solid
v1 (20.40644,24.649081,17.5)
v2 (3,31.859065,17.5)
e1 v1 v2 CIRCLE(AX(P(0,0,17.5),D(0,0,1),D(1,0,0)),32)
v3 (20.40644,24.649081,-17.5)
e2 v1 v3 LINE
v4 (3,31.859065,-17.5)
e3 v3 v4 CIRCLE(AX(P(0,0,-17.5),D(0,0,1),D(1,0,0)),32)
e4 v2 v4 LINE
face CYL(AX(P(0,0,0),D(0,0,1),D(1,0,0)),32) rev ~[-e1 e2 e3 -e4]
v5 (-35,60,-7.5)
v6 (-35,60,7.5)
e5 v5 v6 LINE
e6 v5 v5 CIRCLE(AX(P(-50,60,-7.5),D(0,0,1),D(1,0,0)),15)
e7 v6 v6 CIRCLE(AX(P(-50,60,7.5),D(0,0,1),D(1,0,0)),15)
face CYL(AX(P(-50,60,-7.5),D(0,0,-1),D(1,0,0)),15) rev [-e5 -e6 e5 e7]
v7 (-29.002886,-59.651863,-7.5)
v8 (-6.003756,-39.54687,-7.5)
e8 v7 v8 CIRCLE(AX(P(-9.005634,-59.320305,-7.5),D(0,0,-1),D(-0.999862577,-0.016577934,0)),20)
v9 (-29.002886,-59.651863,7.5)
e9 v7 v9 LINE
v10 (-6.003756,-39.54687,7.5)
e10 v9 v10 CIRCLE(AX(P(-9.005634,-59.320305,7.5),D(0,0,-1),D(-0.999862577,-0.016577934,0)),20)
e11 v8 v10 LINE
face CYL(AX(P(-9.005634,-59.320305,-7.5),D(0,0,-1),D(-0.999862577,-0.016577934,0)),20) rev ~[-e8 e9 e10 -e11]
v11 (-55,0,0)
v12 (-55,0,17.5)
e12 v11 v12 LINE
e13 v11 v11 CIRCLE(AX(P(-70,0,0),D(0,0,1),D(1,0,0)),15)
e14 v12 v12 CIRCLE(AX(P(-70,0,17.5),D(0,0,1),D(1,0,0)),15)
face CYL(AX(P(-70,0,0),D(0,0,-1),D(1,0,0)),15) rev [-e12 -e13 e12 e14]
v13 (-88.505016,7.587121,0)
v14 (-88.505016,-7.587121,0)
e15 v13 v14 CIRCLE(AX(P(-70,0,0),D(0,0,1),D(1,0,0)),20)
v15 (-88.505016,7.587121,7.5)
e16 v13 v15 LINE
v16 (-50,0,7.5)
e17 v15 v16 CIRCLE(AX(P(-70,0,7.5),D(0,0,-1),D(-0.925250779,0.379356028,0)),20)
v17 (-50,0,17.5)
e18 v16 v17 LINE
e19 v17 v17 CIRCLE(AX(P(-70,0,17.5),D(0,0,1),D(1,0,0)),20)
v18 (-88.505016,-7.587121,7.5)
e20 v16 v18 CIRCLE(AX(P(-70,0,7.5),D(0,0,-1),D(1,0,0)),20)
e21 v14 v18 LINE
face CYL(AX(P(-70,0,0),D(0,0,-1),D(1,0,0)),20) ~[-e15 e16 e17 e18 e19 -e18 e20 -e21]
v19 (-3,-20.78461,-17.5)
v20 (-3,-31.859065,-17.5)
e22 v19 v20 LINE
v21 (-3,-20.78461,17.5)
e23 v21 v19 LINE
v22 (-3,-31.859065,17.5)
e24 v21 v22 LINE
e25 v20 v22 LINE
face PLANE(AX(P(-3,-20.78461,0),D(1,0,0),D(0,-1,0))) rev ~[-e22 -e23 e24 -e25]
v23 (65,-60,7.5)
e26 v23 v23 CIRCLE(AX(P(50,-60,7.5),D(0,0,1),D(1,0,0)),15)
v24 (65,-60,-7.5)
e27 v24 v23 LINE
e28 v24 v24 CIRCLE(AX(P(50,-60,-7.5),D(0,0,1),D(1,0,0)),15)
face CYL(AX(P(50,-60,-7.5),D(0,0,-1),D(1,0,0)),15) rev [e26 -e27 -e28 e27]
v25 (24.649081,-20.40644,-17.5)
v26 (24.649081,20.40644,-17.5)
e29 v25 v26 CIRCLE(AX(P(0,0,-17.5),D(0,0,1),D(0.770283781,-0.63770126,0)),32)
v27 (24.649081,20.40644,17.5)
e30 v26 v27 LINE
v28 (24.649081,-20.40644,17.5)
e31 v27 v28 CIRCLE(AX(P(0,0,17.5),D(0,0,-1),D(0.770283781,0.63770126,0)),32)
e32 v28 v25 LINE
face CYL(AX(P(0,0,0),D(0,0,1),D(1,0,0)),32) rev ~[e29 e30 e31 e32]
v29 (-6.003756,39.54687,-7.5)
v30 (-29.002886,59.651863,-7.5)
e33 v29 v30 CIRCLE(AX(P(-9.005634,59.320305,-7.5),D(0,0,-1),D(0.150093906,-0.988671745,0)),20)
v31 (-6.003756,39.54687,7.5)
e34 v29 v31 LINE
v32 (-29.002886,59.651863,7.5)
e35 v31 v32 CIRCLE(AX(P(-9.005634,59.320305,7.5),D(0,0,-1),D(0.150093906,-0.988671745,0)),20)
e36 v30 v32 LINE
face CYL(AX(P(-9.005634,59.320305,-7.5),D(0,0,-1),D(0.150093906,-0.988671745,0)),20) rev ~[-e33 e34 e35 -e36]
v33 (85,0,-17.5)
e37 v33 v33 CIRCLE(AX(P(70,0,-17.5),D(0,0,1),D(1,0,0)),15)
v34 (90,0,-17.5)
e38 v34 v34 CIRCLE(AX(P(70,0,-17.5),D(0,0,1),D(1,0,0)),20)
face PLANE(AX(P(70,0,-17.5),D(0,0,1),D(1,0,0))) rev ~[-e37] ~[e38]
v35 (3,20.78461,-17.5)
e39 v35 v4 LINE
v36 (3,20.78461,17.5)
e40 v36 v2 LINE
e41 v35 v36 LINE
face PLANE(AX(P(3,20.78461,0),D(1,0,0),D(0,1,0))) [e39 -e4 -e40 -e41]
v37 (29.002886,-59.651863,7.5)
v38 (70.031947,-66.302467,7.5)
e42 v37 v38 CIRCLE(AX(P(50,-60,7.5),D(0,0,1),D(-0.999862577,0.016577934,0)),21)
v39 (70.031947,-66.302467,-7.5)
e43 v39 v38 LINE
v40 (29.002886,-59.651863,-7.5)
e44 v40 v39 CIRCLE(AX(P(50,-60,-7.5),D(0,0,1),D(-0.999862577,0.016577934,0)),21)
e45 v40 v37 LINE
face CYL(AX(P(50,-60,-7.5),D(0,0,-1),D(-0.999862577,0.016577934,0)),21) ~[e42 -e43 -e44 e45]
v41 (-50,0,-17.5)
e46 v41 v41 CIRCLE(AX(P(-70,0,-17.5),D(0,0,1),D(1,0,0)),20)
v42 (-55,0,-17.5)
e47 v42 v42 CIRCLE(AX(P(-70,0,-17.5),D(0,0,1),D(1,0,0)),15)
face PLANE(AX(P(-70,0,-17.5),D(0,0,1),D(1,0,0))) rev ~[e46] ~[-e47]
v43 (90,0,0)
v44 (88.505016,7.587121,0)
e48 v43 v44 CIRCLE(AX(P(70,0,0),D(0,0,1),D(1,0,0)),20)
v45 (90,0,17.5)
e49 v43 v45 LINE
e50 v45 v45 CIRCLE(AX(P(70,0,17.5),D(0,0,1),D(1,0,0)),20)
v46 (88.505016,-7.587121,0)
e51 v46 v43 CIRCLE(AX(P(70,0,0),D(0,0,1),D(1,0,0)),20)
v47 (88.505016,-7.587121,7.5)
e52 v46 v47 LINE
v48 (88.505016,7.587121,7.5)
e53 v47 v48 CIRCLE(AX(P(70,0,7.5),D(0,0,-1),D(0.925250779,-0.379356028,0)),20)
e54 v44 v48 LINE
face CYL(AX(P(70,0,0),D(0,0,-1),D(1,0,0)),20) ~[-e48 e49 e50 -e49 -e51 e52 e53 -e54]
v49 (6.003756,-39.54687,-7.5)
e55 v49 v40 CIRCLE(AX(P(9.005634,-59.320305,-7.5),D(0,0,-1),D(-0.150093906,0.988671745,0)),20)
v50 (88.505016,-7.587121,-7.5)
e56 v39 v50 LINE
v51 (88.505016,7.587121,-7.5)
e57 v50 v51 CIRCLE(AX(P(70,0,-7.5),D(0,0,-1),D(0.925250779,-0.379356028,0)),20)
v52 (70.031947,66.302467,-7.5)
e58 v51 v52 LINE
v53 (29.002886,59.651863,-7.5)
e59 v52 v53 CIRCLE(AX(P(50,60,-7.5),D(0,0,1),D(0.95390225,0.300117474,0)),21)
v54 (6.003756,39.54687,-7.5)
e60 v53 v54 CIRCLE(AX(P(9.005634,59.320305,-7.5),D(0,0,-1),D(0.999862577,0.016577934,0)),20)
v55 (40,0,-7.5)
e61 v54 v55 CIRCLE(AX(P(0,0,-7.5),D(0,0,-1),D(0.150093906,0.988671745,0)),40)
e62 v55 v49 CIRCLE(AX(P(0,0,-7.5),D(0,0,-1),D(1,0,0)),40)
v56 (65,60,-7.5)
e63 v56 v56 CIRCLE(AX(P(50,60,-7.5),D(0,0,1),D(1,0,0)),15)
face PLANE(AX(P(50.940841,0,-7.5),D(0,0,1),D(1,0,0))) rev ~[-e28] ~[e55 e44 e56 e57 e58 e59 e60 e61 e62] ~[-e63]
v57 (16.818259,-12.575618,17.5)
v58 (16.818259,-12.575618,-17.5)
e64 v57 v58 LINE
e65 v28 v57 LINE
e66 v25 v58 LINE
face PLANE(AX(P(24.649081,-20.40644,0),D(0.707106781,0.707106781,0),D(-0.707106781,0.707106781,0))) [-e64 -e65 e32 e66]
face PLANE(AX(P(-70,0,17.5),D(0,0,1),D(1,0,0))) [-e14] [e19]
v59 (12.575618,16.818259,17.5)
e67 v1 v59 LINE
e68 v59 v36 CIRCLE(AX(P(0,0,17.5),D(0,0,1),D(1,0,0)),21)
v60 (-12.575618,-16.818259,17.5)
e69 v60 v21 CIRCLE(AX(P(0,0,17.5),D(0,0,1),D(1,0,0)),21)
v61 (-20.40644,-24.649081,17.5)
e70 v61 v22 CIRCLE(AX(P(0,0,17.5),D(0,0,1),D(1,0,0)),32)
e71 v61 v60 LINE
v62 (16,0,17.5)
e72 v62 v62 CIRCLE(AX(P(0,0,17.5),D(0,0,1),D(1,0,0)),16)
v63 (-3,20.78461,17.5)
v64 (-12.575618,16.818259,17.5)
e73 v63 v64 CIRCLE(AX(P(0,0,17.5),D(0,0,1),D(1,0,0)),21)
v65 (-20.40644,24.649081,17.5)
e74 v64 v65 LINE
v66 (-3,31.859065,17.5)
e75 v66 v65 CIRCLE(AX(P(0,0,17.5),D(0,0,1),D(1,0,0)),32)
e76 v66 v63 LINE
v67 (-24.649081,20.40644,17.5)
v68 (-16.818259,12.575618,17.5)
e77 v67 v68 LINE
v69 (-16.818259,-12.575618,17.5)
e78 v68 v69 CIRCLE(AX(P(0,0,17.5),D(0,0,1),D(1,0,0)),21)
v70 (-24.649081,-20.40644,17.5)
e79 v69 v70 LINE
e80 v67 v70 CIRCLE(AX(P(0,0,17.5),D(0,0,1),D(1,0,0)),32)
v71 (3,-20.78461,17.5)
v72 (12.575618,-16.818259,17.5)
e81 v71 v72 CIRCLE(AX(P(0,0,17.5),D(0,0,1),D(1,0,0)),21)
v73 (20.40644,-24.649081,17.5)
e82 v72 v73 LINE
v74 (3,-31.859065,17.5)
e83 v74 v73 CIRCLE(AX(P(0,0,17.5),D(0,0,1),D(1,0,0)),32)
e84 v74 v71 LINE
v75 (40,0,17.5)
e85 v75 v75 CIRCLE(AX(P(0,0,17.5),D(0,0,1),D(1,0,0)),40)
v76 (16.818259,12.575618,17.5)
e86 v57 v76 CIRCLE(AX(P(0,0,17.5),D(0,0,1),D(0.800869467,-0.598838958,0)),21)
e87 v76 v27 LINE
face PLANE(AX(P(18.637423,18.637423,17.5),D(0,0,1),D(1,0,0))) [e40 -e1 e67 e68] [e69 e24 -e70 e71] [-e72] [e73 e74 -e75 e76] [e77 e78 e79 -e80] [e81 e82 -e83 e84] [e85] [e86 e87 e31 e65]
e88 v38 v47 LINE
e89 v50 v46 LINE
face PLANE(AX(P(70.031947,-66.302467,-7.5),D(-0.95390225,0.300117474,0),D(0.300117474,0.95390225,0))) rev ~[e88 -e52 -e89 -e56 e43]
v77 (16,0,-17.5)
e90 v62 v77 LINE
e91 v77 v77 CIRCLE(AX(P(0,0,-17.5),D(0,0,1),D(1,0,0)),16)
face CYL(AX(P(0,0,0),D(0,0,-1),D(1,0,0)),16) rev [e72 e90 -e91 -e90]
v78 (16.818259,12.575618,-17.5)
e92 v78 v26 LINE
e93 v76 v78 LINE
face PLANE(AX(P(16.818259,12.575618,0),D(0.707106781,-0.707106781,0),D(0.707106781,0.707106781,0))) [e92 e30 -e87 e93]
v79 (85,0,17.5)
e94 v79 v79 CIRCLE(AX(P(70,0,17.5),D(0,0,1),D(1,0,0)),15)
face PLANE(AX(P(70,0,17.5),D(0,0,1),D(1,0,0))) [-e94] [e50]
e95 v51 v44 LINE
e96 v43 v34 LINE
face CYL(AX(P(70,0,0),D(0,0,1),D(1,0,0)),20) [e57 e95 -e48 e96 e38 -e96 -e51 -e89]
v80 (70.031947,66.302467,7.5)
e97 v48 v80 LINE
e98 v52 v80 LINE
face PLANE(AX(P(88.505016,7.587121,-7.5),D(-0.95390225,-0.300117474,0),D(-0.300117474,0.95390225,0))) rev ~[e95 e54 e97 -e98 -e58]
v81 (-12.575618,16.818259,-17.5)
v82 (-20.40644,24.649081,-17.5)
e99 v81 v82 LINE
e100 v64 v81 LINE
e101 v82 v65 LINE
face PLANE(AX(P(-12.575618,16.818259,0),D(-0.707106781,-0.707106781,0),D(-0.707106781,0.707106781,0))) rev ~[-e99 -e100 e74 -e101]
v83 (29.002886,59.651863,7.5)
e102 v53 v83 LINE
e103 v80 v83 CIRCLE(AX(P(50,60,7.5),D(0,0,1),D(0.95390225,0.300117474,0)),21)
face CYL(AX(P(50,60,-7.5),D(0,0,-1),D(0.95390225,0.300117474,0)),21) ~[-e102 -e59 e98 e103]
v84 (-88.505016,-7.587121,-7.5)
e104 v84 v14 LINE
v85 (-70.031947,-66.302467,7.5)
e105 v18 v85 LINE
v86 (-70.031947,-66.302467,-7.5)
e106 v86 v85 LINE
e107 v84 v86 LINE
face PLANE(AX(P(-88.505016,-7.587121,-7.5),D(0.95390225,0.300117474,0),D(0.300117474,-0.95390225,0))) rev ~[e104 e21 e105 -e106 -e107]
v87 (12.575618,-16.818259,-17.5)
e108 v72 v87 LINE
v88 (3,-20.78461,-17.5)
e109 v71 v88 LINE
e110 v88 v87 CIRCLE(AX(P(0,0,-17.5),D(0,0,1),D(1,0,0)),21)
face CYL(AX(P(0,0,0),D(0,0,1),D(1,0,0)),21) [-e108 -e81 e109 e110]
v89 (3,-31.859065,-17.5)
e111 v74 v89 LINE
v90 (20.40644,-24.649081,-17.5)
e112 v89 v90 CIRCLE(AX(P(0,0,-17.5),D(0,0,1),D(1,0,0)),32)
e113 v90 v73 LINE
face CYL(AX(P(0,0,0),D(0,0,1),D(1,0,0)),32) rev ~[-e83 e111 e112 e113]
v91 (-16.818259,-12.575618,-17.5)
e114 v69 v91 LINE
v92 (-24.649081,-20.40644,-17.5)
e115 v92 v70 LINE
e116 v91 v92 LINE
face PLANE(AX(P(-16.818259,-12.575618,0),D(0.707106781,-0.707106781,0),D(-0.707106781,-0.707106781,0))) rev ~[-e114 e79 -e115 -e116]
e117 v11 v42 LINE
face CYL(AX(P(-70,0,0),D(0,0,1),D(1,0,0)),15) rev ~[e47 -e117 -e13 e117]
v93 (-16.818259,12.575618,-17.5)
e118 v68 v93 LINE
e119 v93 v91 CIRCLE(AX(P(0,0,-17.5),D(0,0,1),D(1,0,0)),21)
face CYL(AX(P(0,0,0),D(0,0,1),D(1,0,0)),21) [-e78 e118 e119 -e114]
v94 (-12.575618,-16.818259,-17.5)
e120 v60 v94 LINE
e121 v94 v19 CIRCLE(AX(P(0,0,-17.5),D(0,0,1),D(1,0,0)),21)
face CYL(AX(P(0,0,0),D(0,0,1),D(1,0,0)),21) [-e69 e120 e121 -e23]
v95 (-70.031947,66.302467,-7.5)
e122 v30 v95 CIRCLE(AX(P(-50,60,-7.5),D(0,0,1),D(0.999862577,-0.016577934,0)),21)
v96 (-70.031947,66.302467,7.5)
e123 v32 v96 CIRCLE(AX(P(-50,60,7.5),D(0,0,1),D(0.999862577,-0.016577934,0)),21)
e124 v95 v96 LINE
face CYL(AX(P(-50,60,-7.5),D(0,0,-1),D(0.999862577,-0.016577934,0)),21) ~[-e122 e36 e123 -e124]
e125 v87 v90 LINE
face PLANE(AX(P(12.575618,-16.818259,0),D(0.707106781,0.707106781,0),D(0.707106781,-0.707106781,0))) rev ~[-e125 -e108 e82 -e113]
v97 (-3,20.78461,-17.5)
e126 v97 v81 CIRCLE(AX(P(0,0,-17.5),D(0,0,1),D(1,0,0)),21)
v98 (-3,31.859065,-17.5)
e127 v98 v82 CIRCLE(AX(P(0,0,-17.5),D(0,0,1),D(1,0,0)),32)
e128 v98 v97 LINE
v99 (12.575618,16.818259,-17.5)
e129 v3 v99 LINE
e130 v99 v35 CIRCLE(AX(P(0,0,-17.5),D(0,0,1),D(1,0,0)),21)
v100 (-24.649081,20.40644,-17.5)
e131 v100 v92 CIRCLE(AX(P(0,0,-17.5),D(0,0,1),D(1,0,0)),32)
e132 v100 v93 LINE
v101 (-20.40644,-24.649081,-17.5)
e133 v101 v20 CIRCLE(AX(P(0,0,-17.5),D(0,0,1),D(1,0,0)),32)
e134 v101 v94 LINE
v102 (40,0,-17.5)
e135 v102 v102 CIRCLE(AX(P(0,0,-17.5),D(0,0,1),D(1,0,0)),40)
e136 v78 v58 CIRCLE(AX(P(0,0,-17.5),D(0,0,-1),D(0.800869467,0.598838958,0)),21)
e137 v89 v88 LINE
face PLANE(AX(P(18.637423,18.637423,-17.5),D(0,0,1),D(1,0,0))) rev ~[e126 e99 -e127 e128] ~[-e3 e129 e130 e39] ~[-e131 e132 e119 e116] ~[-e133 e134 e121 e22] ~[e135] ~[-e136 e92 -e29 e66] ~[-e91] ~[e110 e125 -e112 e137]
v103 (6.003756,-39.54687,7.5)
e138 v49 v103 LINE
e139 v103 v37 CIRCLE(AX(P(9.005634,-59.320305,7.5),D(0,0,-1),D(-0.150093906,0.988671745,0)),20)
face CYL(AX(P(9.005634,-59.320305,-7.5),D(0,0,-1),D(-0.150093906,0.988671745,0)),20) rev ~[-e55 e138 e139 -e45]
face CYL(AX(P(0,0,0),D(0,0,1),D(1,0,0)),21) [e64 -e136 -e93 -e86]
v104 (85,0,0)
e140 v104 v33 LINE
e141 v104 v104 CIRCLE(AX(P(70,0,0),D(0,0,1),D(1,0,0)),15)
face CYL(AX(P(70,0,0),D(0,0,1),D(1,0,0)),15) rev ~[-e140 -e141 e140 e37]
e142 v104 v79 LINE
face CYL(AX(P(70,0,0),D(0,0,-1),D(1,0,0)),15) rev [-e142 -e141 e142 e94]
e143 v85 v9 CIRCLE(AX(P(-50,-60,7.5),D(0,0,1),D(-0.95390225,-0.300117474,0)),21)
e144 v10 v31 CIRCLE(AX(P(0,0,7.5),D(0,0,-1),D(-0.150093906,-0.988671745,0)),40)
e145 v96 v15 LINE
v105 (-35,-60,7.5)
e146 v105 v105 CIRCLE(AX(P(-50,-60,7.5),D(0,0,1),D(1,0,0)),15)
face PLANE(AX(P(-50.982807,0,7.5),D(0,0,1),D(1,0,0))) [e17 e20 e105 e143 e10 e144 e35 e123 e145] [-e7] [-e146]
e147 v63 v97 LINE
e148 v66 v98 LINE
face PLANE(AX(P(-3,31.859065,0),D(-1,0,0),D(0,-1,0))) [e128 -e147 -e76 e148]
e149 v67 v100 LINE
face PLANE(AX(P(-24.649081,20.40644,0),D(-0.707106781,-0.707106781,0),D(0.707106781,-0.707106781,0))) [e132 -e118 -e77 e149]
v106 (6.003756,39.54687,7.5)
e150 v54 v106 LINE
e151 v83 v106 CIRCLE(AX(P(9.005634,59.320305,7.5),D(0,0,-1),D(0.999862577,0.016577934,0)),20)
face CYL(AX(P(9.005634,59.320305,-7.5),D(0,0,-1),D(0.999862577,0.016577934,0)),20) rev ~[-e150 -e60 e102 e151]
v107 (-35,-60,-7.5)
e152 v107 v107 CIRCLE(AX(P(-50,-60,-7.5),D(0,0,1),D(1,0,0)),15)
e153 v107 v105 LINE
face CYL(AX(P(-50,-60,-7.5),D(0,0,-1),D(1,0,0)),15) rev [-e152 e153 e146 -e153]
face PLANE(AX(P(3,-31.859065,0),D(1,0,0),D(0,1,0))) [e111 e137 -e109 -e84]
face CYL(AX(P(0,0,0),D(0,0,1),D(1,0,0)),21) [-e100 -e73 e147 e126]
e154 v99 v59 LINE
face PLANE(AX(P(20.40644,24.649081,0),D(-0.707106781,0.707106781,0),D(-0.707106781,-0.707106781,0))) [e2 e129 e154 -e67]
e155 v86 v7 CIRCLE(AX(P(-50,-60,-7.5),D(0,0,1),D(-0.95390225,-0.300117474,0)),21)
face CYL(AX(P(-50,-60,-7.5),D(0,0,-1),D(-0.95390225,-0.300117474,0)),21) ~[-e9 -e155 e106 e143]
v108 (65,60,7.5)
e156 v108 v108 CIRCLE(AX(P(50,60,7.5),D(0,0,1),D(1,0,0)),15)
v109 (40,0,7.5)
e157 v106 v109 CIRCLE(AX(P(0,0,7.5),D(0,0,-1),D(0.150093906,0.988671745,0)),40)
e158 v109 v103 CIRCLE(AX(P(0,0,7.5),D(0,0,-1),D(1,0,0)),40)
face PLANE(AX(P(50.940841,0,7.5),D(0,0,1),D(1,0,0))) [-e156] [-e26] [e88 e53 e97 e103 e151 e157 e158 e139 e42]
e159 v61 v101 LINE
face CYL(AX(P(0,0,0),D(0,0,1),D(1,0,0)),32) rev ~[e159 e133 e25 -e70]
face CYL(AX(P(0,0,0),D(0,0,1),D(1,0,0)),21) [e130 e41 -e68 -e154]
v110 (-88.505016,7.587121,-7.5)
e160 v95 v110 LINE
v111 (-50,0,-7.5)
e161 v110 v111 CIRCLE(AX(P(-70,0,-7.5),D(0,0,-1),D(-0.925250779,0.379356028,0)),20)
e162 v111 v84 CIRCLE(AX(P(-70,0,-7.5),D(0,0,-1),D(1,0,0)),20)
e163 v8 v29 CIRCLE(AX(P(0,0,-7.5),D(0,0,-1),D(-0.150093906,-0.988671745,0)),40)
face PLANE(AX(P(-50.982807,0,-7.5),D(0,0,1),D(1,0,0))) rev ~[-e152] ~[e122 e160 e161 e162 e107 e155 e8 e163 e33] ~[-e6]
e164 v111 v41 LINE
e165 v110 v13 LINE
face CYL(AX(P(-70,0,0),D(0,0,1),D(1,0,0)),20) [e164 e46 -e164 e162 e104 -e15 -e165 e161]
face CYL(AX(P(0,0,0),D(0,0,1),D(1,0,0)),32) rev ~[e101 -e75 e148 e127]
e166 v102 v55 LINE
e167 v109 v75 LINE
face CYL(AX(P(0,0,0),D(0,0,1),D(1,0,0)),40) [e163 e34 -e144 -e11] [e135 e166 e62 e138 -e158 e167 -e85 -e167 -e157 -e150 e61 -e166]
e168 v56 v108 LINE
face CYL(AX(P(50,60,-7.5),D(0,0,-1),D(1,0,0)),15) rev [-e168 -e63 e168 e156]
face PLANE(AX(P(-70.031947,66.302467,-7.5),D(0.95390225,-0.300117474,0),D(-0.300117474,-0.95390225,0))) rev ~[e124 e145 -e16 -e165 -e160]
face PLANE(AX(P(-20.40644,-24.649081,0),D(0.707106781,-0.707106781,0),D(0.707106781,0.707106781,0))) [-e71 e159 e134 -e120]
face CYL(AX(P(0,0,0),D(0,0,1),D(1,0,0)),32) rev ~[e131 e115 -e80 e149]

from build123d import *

# Parameters (mm, degrees)
SKETCH1_R           = 20
SKETCH1_R_2         = 15
SKETCH1_R_3         = 40
SKETCH1_R_4         = 32
SKETCH1_R_5         = 21
SKETCH1_R_6         = 16
BOSS_EXTRUDE1_DEPTH = 17.5
BOSS_EXTRUDE2_START = -7.5
SKETCH1_5_R         = 15
BOSS_EXTRUDE2_DEPTH = 15


with BuildPart() as part:
    # Sketch1 → Boss-Extrude1 (new, symmetric)
    # profile 1 of 10: a face of its own
    with BuildSketch(Plane.XY):
        with Locations((-70, 0)):
            Circle(SKETCH1_R)
        with Locations((-70, 0)):
            Circle(SKETCH1_R_2, mode=Mode.SUBTRACT)
    # profile 2 of 10: a face of its own
    with BuildSketch(Plane.XY):
        with Locations((70, 0)):
            Circle(SKETCH1_R)
        with Locations((70, 0)):
            Circle(SKETCH1_R_2, mode=Mode.SUBTRACT)
    # profile 3 of 10: a face of its own
    with BuildSketch(Plane.XY):
        Circle(SKETCH1_R_3)
        Circle(SKETCH1_R_4, mode=Mode.SUBTRACT)
    # profile 4 of 10: a face of its own
    with BuildSketch(Plane.XY):
        Circle(SKETCH1_R_5)
        Circle(SKETCH1_R_6, mode=Mode.SUBTRACT)
    # profile 5 of 10: a face of its own
    with BuildSketch(Plane.XY):
        with BuildLine():
            ThreePointArc((20.406440309, -24.649080996), (22.627416998, -22.627416998), (24.649080996, -20.406440309))
            Line((24.649080996, -20.406440309), (16.8182588, -12.575618113))
            ThreePointArc((16.8182588, -12.575618113), (14.849242405, -14.849242405), (12.575618113, -16.8182588))
            Line((12.575618113, -16.8182588), (20.406440309, -24.649080996))
        make_face()
    # profile 6 of 10: a face of its own
    with BuildSketch(Plane.XY):
        with BuildLine():
            ThreePointArc((-3, -31.859064644), (0, -32), (3, -31.859064644))
            Line((3, -31.859064644), (3, -20.784609691))
            ThreePointArc((3, -20.784609691), (0, -21), (-3, -20.784609691))
            Line((-3, -20.784609691), (-3, -31.859064644))
        make_face()
    # profile 7 of 10: a face of its own
    with BuildSketch(Plane.XY):
        with BuildLine():
            Line((-16.8182588, -12.575618113), (-24.649080996, -20.406440309))
            ThreePointArc((-24.649080996, -20.406440309), (-22.627416998, -22.627416998), (-20.406440309, -24.649080996))
            Line((-20.406440309, -24.649080996), (-12.575618113, -16.8182588))
            ThreePointArc((-12.575618113, -16.8182588), (-14.849242405, -14.849242405), (-16.8182588, -12.575618113))
        make_face()
    # profile 8 of 10: a face of its own
    with BuildSketch(Plane.XY):
        with BuildLine():
            Line((-12.575618113, 16.8182588), (-20.406440309, 24.649080996))
            ThreePointArc((-20.406440309, 24.649080996), (-22.627416998, 22.627416998), (-24.649080996, 20.406440309))
            Line((-24.649080996, 20.406440309), (-16.8182588, 12.575618113))
            ThreePointArc((-16.8182588, 12.575618113), (-14.849242405, 14.849242405), (-12.575618113, 16.8182588))
        make_face()
    # profile 9 of 10: a face of its own
    with BuildSketch(Plane.XY):
        with BuildLine():
            Line((3, 20.784609691), (3, 31.859064644))
            ThreePointArc((3, 31.859064644), (0, 32), (-3, 31.859064644))
            Line((-3, 31.859064644), (-3, 20.784609691))
            ThreePointArc((-3, 20.784609691), (0, 21), (3, 20.784609691))
        make_face()
    # profile 10 of 10: a face of its own
    with BuildSketch(Plane.XY):
        with BuildLine():
            ThreePointArc((24.649080996, 20.406440309), (22.627416998, 22.627416998), (20.406440309, 24.649080996))
            Line((20.406440309, 24.649080996), (12.575618113, 16.8182588))
            ThreePointArc((12.575618113, 16.8182588), (14.849242405, 14.849242405), (16.8182588, 12.575618113))
            Line((16.8182588, 12.575618113), (24.649080996, 20.406440309))
        make_face()
    extrude(amount=BOSS_EXTRUDE1_DEPTH, both=True)

    # Sketch1<5> → Boss-Extrude2 (add)
    # profile 1 of 2: a face of its own
    with BuildSketch(Plane.XY.offset(BOSS_EXTRUDE2_START)):
        with BuildLine():
            ThreePointArc((-29.002885891, -59.651863383), (-22.168588856, -44.262528341), (-6.003756239, -39.546869801))
            ThreePointArc((-6.003756239, -39.546869801), (-40, 0), (-6.003756239, 39.546869801))
            ThreePointArc((-6.003756239, 39.546869801), (-22.168588856, 44.262528341), (-29.002885891, 59.651863383))
            ThreePointArc((-29.002885891, 59.651863383), (-46.639863286, 80.729435141), (-70.031947242, 66.302466954))
            Line((-70.031947242, 66.302466954), (-88.505015581, 7.587120556))
            ThreePointArc((-88.505015581, 7.587120556), (-66.133497163, 19.622694917), (-50, 0))
            ThreePointArc((-50, 0), (-66.133497163, -19.622694917), (-88.505015581, -7.587120556))
            Line((-88.505015581, -7.587120556), (-70.031947242, -66.302466954))
            ThreePointArc((-70.031947242, -66.302466954), (-46.639863286, -80.729435141), (-29.002885891, -59.651863383))
        make_face()
        with Locations((-50, -60)):
            Circle(SKETCH1_5_R, mode=Mode.SUBTRACT)
        with Locations((-50, 60)):
            Circle(SKETCH1_5_R, mode=Mode.SUBTRACT)
    # profile 2 of 2: a face of its own
    with BuildSketch(Plane.XY.offset(BOSS_EXTRUDE2_START)):
        with BuildLine():
            ThreePointArc((29.002885891, -59.651863383), (46.639863286, -80.729435141), (70.031947242, -66.302466954))
            Line((70.031947242, -66.302466954), (88.505015581, -7.587120556))
            ThreePointArc((88.505015581, -7.587120556), (50, 0), (88.505015581, 7.587120556))
            Line((88.505015581, 7.587120556), (70.031947242, 66.302466954))
            ThreePointArc((70.031947242, 66.302466954), (46.639863286, 80.729435141), (29.002885891, 59.651863383))
            ThreePointArc((29.002885891, 59.651863383), (22.168588856, 44.262528341), (6.003756239, 39.546869801))
            ThreePointArc((6.003756239, 39.546869801), (30.332740146, 26.075369129), (40, 0))
            ThreePointArc((40, 0), (30.332740146, -26.075369129), (6.003756239, -39.546869801))
            ThreePointArc((6.003756239, -39.546869801), (22.168588856, -44.262528341), (29.002885891, -59.651863383))
        make_face()
        with Locations((50, -60)):
            Circle(SKETCH1_5_R, mode=Mode.SUBTRACT)
        with Locations((50, 60)):
            Circle(SKETCH1_5_R, mode=Mode.SUBTRACT)
    extrude(amount=BOSS_EXTRUDE2_DEPTH)


solid = part.part
